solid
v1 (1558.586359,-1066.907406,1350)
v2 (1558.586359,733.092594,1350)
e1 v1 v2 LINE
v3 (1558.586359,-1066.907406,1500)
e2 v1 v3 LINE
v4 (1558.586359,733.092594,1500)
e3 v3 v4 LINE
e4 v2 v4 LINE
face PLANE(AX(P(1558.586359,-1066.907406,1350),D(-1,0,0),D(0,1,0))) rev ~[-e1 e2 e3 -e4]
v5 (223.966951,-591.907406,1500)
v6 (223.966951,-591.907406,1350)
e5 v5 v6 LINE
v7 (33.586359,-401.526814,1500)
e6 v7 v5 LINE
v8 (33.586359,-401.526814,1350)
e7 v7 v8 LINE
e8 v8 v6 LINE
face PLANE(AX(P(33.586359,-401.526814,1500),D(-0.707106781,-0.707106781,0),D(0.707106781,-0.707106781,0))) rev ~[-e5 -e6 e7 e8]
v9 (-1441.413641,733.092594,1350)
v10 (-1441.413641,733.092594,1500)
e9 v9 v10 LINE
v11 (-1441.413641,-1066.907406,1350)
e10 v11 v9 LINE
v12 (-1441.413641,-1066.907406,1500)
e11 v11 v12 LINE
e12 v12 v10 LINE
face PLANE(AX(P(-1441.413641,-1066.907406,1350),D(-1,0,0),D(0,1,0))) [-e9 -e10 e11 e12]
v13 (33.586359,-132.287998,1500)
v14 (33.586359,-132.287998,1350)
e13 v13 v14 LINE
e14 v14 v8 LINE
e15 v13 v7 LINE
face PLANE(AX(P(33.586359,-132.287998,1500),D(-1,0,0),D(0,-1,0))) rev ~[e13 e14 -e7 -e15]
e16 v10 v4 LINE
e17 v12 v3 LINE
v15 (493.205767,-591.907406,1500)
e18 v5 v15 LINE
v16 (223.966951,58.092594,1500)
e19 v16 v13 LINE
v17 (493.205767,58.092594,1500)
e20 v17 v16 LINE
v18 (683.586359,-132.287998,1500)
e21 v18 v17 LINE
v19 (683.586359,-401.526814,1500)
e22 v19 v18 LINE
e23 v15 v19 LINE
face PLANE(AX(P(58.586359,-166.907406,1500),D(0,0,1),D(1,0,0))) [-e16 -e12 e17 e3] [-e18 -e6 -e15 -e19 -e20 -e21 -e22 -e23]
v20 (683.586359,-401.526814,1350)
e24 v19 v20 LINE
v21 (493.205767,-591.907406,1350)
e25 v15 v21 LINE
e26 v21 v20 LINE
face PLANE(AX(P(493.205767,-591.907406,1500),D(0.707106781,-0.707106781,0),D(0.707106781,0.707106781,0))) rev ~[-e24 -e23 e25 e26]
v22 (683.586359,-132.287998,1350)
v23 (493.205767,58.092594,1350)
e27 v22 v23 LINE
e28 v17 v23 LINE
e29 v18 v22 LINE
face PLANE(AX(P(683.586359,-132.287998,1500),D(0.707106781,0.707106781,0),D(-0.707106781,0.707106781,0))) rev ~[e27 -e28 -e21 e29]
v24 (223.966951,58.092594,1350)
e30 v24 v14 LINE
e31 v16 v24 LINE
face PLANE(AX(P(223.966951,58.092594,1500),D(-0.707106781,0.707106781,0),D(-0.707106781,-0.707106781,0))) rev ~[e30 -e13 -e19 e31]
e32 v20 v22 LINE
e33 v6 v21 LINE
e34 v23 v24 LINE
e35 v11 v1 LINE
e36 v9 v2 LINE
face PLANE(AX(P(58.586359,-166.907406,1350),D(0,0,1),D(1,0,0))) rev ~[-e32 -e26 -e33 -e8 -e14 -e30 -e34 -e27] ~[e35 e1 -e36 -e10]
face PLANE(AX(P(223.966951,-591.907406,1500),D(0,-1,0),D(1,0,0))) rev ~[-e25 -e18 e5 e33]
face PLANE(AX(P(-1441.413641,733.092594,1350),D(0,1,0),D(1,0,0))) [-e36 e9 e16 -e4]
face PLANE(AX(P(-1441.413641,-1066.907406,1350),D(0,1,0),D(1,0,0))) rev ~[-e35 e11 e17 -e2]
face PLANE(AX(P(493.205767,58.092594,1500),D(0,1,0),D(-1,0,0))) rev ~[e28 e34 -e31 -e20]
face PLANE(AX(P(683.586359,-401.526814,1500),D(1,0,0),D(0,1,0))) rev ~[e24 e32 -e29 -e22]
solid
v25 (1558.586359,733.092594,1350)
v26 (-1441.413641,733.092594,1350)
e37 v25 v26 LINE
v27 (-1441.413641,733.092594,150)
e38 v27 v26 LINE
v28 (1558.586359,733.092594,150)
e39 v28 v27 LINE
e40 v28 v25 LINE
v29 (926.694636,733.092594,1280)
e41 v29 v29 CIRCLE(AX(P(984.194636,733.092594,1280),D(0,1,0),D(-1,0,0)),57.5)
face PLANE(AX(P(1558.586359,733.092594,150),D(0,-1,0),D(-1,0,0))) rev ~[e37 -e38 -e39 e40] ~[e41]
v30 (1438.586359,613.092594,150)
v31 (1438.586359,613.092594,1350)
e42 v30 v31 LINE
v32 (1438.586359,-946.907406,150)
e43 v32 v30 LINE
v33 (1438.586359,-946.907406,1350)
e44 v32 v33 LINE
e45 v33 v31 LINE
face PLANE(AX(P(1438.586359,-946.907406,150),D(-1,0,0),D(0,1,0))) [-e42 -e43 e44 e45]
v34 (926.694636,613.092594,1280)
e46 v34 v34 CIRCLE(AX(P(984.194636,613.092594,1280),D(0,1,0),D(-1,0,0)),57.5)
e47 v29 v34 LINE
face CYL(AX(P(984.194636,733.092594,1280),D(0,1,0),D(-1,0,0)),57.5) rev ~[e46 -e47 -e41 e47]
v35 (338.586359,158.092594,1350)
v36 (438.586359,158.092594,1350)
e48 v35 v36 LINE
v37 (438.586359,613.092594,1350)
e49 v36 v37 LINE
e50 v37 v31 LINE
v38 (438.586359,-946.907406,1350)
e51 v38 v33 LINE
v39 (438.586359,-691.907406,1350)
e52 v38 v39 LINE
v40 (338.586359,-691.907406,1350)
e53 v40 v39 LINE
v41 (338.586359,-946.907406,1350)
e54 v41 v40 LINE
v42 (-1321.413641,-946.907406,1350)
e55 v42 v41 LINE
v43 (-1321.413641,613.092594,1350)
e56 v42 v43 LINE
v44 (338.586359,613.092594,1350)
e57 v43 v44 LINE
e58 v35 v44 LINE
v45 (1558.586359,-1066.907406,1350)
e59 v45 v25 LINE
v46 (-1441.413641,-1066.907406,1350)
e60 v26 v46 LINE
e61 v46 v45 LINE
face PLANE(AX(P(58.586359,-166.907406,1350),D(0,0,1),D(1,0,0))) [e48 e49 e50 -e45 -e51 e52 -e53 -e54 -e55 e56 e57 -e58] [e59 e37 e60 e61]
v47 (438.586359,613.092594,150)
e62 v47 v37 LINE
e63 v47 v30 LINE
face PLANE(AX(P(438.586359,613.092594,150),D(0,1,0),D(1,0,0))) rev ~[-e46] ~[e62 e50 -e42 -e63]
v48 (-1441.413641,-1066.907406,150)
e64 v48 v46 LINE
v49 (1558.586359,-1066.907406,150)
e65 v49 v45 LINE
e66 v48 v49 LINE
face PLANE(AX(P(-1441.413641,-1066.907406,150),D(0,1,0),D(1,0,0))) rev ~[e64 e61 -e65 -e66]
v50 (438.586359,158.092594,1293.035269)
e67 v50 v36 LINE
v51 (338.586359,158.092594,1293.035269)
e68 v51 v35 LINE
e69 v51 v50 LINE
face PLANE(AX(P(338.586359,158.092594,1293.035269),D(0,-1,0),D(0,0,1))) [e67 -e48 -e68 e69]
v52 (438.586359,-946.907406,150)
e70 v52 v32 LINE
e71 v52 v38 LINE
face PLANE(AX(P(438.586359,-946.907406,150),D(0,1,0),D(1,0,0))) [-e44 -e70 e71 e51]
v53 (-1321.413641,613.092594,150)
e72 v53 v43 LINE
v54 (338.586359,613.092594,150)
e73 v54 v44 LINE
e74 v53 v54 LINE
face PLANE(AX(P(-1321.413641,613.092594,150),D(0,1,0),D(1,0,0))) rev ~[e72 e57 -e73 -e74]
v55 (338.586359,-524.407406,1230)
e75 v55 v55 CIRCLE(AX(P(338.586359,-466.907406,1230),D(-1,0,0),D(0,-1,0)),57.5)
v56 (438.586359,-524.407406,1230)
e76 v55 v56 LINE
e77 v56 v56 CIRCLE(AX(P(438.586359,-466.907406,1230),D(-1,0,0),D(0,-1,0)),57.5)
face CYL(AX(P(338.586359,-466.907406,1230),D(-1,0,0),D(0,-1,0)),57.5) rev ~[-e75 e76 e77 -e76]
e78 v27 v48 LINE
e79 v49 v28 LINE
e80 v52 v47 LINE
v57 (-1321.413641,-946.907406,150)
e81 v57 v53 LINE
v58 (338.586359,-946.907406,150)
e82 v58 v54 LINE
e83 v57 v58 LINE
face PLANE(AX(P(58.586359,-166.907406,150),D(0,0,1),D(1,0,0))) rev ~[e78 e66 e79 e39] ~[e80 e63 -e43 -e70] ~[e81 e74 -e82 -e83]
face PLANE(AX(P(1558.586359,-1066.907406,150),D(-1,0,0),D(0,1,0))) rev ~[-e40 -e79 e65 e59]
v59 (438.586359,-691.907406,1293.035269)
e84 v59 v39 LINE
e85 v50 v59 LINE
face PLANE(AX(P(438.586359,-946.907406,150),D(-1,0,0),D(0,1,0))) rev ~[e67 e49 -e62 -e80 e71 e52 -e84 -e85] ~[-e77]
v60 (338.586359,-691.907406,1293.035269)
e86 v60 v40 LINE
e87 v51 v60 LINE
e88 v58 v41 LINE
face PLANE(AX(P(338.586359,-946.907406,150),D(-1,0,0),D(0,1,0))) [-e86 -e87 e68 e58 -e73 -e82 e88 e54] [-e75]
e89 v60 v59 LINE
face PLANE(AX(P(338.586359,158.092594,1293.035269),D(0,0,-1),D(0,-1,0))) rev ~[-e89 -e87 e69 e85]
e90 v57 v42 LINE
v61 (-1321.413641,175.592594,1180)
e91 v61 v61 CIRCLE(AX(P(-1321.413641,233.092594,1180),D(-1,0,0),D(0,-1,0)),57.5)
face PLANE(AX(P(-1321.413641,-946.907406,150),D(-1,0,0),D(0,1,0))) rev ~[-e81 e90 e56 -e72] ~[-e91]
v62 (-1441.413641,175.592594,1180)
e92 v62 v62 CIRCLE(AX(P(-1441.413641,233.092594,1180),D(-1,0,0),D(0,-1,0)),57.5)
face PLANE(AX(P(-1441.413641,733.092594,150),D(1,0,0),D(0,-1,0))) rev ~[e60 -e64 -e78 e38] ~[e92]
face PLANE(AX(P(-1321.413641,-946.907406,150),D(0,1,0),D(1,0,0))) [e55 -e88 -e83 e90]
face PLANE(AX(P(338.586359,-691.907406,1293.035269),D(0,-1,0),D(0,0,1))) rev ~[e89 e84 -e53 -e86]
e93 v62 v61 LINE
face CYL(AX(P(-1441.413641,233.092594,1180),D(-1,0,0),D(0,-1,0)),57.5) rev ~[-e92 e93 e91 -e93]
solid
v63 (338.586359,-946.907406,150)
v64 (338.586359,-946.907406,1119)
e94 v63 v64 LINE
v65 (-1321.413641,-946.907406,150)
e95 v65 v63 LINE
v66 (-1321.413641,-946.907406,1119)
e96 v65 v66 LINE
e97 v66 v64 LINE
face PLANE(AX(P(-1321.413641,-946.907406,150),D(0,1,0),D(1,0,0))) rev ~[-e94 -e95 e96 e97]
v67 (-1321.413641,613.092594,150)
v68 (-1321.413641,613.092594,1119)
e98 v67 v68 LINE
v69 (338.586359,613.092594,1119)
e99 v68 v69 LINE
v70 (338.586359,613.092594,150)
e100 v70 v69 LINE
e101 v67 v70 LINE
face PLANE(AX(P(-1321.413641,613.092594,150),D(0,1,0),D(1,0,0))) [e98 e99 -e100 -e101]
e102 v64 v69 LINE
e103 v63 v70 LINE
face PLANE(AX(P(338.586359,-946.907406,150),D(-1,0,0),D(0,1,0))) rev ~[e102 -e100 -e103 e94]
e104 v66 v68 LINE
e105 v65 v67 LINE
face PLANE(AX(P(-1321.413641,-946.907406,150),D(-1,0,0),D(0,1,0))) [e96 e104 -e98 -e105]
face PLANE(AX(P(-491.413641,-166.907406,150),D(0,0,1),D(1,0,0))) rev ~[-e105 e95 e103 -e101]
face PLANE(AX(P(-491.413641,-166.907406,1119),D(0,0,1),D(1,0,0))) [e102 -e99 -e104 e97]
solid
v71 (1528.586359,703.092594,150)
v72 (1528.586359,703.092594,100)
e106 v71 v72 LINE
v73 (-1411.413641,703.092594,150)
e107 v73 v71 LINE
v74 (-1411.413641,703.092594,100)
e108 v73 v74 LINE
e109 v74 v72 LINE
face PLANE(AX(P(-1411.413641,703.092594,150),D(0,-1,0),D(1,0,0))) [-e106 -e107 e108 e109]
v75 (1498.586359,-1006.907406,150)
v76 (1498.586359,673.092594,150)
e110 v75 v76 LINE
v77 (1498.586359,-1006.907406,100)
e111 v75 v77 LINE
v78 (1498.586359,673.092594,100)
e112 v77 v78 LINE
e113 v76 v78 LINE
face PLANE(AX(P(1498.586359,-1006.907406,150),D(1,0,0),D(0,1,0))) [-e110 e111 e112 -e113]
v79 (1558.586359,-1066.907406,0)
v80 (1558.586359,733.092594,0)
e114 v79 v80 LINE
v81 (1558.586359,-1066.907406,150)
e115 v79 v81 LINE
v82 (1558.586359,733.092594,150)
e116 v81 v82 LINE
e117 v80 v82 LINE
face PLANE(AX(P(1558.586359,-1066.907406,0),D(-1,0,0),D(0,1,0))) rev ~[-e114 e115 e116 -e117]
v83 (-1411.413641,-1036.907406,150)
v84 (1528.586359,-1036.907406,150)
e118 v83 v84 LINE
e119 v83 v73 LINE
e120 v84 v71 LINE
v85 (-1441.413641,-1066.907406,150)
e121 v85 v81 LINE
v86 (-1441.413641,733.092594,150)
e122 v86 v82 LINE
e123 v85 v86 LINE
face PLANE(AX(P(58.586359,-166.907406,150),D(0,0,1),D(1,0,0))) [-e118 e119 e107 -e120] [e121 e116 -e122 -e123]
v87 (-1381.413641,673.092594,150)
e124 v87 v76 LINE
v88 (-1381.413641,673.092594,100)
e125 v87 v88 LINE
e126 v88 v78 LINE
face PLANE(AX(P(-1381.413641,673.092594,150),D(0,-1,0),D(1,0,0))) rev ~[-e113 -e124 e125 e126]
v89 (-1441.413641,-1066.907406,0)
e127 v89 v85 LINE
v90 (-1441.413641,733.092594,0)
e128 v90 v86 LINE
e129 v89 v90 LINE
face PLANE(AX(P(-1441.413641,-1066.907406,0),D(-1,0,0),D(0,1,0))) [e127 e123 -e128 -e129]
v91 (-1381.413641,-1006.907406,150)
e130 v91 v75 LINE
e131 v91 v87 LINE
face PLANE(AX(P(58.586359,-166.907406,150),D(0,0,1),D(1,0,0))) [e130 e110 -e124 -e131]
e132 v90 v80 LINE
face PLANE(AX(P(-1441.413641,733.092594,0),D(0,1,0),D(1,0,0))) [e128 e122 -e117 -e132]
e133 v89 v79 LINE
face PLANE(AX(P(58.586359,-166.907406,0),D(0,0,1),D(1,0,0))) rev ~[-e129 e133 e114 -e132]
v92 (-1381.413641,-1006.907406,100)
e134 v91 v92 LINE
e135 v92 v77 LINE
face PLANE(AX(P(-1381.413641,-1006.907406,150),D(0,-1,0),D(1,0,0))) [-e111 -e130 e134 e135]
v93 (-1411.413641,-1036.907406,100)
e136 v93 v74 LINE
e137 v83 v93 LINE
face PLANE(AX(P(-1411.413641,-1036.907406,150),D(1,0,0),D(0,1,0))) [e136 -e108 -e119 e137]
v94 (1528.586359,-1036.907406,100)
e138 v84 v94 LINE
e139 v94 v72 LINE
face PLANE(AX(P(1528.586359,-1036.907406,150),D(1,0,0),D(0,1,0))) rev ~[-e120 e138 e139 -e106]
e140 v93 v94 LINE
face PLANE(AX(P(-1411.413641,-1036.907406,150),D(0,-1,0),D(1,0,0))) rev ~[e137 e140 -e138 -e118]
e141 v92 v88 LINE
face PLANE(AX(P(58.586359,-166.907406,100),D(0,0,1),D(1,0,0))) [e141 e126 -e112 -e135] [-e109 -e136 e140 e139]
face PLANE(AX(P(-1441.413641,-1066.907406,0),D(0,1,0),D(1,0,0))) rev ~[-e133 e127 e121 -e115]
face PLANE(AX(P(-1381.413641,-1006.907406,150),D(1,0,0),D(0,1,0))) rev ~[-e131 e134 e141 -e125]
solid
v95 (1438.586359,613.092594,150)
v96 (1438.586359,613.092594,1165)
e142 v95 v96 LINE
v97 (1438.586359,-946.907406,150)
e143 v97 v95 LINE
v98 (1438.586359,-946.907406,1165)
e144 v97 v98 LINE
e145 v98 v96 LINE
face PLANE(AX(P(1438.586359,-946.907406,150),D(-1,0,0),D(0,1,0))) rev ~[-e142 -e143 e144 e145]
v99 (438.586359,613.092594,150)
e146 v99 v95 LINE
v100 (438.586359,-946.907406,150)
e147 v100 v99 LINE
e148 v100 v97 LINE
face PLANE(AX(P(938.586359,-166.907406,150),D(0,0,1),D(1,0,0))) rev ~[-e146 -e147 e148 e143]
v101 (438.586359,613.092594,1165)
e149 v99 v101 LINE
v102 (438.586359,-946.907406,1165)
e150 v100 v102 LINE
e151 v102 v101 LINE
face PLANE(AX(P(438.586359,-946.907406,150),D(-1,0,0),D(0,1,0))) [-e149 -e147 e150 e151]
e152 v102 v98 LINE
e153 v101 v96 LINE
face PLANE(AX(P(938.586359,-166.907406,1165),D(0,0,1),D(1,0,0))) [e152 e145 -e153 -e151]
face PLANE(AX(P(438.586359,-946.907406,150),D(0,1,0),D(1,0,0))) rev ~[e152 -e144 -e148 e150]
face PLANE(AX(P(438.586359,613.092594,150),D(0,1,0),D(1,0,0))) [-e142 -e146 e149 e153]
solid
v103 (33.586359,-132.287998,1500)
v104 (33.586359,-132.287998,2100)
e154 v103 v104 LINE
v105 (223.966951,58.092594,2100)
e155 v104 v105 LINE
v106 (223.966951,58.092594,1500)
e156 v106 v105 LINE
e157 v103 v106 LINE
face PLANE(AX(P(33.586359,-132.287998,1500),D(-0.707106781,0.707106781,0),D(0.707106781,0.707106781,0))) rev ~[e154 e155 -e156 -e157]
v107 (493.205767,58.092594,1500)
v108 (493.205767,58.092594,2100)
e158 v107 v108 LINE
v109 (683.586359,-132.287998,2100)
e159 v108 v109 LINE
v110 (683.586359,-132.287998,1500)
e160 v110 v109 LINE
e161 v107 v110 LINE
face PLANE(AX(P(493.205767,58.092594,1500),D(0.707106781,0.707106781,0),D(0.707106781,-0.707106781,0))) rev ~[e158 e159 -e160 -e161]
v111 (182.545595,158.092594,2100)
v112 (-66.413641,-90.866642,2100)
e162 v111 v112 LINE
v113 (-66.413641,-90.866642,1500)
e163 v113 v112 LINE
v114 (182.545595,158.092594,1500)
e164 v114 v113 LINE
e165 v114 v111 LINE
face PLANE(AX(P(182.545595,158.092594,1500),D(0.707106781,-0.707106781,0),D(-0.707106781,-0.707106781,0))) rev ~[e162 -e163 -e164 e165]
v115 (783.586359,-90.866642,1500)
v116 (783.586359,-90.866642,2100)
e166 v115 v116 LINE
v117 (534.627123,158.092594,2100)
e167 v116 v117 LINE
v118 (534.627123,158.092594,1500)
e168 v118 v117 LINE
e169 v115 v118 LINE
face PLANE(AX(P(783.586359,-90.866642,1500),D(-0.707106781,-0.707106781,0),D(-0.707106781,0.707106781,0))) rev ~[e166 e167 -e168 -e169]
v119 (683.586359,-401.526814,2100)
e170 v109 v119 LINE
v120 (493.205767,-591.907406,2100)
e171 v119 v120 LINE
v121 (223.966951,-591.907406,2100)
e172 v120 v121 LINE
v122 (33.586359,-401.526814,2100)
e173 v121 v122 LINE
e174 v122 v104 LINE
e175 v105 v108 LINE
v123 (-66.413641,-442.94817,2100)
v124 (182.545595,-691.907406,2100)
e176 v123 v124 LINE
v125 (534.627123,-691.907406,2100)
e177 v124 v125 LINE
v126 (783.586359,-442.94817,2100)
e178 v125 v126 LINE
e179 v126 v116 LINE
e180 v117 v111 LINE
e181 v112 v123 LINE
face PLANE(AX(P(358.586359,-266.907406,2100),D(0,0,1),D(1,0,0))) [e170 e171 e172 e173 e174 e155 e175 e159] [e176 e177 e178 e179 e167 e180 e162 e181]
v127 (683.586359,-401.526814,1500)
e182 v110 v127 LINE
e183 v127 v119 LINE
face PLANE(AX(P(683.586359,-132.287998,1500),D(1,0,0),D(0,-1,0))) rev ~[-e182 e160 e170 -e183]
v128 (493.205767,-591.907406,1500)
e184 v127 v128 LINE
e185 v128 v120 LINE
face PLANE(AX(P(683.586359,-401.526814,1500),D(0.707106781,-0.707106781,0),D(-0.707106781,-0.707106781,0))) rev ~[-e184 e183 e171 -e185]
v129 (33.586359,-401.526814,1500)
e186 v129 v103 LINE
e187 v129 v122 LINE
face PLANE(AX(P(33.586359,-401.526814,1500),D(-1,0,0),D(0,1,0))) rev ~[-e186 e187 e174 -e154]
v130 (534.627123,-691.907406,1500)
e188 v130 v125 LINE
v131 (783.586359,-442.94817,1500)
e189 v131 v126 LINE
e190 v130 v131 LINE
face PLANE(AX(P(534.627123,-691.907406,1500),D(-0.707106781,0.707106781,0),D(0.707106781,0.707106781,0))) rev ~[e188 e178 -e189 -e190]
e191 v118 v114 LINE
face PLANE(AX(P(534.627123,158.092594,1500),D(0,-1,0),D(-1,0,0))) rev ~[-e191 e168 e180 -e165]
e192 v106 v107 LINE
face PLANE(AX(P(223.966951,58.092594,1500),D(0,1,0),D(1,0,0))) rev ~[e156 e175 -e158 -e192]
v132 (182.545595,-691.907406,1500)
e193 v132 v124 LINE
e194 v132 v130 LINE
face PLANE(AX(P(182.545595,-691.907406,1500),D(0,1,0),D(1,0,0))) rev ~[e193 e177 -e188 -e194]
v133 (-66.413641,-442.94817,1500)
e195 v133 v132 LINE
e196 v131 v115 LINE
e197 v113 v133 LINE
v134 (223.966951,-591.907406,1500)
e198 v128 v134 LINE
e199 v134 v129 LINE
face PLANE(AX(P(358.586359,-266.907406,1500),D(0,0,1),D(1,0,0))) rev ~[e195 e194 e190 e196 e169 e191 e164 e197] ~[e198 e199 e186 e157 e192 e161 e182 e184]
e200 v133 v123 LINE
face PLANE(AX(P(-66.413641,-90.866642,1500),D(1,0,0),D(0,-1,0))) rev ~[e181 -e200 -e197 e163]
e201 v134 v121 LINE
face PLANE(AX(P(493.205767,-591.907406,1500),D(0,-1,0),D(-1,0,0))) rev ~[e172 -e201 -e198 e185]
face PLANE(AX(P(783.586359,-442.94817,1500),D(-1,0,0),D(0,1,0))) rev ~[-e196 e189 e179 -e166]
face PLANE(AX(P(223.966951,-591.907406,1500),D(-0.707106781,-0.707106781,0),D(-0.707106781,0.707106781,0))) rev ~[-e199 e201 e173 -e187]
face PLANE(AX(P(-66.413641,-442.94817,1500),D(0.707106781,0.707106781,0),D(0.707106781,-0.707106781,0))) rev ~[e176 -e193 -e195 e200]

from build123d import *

# Parameters (mm, degrees)
F0_W      = 3000
F0_H      = 1800
F1_DEPTH  = 150
F2_W      = 2940
F2_H      = 1740
F2_W_2    = 2880
F2_H_2    = 1680
F3_DEPTH  = 50
F4_W      = 1660
F4_H      = 1560
F4_W_2    = 1000
F5_DEPTH  = 1200
F6_W      = 3000
F6_H      = 1800
F7_DEPTH  = 150
F8_R      = 57.5
F9_DEPTH  = 390
F10_R     = 57.5
F11_DEPTH = 430
F12_R     = 57.5
F13_DEPTH = 660
F15_DEPTH = 150
F16_DEPTH = 600
F17_W     = 850
F17_H     = 56.9647312164
F18_DEPTH = 100
F20_W     = 1000
F20_H     = 1560
F21_DEPTH = 1015
F19_W     = 1660
F19_H     = 1560
F22_DEPTH = 969


with BuildPart() as f1:
    # F0 (on Top) → F1 (new body)
    with BuildSketch(Plane.XY):
        with Locations((58.586359024, -166.9074058533)):
            Rectangle(F0_W, F0_H)
    extrude(amount=F1_DEPTH)

    # F2 (on face) → F3 (cut)
    with BuildSketch(Plane.XY.offset(150)):
        with Locations((58.586359024, -166.9074058533)):
            Rectangle(F2_W, F2_H)
        with Locations((58.586359024, -166.9074058533)):
            Rectangle(F2_W_2, F2_H_2, mode=Mode.SUBTRACT)
    extrude(amount=-F3_DEPTH, mode=Mode.SUBTRACT)


with BuildPart() as f5:
    # F4 (on face) → F5 (new body)
    with BuildSketch(Plane.XY.offset(150)):
        Polygon((1558.586359024, -1066.9074058533), (1558.586359024, 733.0925941467), (-1441.413640976, 733.0925941467), (-1441.413640976, -1066.9074058533), (338.586359024, -1066.9074058533), align=None)
        with Locations((-491.413640976, -166.9074058533)):
            Rectangle(F4_W, F4_H, mode=Mode.SUBTRACT)
        with Locations((938.586359024, -166.9074058533)):
            Rectangle(F4_W_2, F4_H, mode=Mode.SUBTRACT)
    extrude(amount=F5_DEPTH)

    # F8 (on face) → F9 (cut)
    with BuildSketch(Plane(origin=(0, 733.0925941467, 0), x_dir=(-1, 0, 0), z_dir=(0, 1, 0))):
        with Locations((-984.1946363449, 1280)):
            Circle(F8_R)
    extrude(amount=-F9_DEPTH, mode=Mode.SUBTRACT)

    # F10 (on face) → F11 (cut)
    with BuildSketch(Plane(origin=(338.586359024, 0, 0), x_dir=(0, -1, 0), z_dir=(-1, 0, 0))):
        with Locations((466.9074058533, 1230)):
            Circle(F10_R)
    extrude(amount=-F11_DEPTH, mode=Mode.SUBTRACT)

    # F12 (on face) → F13 (cut)
    with BuildSketch(Plane(origin=(-1441.413640976, 0, 0), x_dir=(0, -1, 0), z_dir=(-1, 0, 0))):
        with Locations((-233.0925941467, 1180)):
            Circle(F12_R)
    extrude(amount=-F13_DEPTH, mode=Mode.SUBTRACT)

    # F17 (on face) → F18 (cut, through all)
    with BuildSketch(Plane(origin=(338.586359024, 0, 0), x_dir=(0, -1, 0), z_dir=(-1, 0, 0))):
        with Locations((266.9074058533, 1321.5176343918)):
            Rectangle(F17_W, F17_H)
    extrude(amount=-F18_DEPTH, mode=Mode.SUBTRACT)


with BuildPart() as f7:
    # F6 (on face) → F7 (new body)
    with BuildSketch(Plane.XY.offset(1350)):
        with Locations((58.586359024, -166.9074058533)):
            Rectangle(F6_W, F6_H)
    extrude(amount=F7_DEPTH)

    # F14 (on face) → F15 (cut, through all)
    with BuildSketch(Plane.XY.offset(1500)):
        Polygon((33.586359024, -132.287998082), (33.586359024, -401.5268136245), (223.9669512528, -591.9074058533), (493.2057667953, -591.9074058533), (683.586359024, -401.5268136245), (683.586359024, -132.287998082), (493.2057667953, 58.0925941467), (223.9669512528, 58.0925941467), align=None)
    extrude(amount=-F15_DEPTH, mode=Mode.SUBTRACT)


with BuildPart() as f16:
    # F14 (on face) → F16 (new body)
    with BuildSketch(Plane.XY.offset(1500)):
        Polygon((182.5455950155, 158.0925941467), (-66.413640976, -90.8666418447), (-66.413640976, -442.9481698618), (182.5455950155, -691.9074058533), (534.6271230326, -691.9074058533), (783.586359024, -442.9481698618), (783.586359024, -90.8666418447), (534.6271230326, 158.0925941467), align=None)
        Polygon((223.9669512528, -591.9074058533), (33.586359024, -401.5268136245), (33.586359024, -132.287998082), (223.9669512528, 58.0925941467), (493.2057667953, 58.0925941467), (683.586359024, -132.287998082), (683.586359024, -401.5268136245), (493.2057667953, -591.9074058533), align=None, mode=Mode.SUBTRACT)
    extrude(amount=F16_DEPTH)


with BuildPart() as f21:
    # F20 (on face) → F21 (new body)
    with BuildSketch(Plane.XY.offset(150)):
        with Locations((938.586359024, -166.9074058533)):
            Rectangle(F20_W, F20_H)
    extrude(amount=F21_DEPTH)


with BuildPart() as f22:
    # F19 (on face) → F22 (new body)
    with BuildSketch(Plane.XY.offset(150)):
        with Locations((-491.413640976, -166.9074058533)):
            Rectangle(F19_W, F19_H)
    extrude(amount=F22_DEPTH)


solid = Compound([f1.part, f5.part, f7.part, f16.part, f21.part, f22.part])
